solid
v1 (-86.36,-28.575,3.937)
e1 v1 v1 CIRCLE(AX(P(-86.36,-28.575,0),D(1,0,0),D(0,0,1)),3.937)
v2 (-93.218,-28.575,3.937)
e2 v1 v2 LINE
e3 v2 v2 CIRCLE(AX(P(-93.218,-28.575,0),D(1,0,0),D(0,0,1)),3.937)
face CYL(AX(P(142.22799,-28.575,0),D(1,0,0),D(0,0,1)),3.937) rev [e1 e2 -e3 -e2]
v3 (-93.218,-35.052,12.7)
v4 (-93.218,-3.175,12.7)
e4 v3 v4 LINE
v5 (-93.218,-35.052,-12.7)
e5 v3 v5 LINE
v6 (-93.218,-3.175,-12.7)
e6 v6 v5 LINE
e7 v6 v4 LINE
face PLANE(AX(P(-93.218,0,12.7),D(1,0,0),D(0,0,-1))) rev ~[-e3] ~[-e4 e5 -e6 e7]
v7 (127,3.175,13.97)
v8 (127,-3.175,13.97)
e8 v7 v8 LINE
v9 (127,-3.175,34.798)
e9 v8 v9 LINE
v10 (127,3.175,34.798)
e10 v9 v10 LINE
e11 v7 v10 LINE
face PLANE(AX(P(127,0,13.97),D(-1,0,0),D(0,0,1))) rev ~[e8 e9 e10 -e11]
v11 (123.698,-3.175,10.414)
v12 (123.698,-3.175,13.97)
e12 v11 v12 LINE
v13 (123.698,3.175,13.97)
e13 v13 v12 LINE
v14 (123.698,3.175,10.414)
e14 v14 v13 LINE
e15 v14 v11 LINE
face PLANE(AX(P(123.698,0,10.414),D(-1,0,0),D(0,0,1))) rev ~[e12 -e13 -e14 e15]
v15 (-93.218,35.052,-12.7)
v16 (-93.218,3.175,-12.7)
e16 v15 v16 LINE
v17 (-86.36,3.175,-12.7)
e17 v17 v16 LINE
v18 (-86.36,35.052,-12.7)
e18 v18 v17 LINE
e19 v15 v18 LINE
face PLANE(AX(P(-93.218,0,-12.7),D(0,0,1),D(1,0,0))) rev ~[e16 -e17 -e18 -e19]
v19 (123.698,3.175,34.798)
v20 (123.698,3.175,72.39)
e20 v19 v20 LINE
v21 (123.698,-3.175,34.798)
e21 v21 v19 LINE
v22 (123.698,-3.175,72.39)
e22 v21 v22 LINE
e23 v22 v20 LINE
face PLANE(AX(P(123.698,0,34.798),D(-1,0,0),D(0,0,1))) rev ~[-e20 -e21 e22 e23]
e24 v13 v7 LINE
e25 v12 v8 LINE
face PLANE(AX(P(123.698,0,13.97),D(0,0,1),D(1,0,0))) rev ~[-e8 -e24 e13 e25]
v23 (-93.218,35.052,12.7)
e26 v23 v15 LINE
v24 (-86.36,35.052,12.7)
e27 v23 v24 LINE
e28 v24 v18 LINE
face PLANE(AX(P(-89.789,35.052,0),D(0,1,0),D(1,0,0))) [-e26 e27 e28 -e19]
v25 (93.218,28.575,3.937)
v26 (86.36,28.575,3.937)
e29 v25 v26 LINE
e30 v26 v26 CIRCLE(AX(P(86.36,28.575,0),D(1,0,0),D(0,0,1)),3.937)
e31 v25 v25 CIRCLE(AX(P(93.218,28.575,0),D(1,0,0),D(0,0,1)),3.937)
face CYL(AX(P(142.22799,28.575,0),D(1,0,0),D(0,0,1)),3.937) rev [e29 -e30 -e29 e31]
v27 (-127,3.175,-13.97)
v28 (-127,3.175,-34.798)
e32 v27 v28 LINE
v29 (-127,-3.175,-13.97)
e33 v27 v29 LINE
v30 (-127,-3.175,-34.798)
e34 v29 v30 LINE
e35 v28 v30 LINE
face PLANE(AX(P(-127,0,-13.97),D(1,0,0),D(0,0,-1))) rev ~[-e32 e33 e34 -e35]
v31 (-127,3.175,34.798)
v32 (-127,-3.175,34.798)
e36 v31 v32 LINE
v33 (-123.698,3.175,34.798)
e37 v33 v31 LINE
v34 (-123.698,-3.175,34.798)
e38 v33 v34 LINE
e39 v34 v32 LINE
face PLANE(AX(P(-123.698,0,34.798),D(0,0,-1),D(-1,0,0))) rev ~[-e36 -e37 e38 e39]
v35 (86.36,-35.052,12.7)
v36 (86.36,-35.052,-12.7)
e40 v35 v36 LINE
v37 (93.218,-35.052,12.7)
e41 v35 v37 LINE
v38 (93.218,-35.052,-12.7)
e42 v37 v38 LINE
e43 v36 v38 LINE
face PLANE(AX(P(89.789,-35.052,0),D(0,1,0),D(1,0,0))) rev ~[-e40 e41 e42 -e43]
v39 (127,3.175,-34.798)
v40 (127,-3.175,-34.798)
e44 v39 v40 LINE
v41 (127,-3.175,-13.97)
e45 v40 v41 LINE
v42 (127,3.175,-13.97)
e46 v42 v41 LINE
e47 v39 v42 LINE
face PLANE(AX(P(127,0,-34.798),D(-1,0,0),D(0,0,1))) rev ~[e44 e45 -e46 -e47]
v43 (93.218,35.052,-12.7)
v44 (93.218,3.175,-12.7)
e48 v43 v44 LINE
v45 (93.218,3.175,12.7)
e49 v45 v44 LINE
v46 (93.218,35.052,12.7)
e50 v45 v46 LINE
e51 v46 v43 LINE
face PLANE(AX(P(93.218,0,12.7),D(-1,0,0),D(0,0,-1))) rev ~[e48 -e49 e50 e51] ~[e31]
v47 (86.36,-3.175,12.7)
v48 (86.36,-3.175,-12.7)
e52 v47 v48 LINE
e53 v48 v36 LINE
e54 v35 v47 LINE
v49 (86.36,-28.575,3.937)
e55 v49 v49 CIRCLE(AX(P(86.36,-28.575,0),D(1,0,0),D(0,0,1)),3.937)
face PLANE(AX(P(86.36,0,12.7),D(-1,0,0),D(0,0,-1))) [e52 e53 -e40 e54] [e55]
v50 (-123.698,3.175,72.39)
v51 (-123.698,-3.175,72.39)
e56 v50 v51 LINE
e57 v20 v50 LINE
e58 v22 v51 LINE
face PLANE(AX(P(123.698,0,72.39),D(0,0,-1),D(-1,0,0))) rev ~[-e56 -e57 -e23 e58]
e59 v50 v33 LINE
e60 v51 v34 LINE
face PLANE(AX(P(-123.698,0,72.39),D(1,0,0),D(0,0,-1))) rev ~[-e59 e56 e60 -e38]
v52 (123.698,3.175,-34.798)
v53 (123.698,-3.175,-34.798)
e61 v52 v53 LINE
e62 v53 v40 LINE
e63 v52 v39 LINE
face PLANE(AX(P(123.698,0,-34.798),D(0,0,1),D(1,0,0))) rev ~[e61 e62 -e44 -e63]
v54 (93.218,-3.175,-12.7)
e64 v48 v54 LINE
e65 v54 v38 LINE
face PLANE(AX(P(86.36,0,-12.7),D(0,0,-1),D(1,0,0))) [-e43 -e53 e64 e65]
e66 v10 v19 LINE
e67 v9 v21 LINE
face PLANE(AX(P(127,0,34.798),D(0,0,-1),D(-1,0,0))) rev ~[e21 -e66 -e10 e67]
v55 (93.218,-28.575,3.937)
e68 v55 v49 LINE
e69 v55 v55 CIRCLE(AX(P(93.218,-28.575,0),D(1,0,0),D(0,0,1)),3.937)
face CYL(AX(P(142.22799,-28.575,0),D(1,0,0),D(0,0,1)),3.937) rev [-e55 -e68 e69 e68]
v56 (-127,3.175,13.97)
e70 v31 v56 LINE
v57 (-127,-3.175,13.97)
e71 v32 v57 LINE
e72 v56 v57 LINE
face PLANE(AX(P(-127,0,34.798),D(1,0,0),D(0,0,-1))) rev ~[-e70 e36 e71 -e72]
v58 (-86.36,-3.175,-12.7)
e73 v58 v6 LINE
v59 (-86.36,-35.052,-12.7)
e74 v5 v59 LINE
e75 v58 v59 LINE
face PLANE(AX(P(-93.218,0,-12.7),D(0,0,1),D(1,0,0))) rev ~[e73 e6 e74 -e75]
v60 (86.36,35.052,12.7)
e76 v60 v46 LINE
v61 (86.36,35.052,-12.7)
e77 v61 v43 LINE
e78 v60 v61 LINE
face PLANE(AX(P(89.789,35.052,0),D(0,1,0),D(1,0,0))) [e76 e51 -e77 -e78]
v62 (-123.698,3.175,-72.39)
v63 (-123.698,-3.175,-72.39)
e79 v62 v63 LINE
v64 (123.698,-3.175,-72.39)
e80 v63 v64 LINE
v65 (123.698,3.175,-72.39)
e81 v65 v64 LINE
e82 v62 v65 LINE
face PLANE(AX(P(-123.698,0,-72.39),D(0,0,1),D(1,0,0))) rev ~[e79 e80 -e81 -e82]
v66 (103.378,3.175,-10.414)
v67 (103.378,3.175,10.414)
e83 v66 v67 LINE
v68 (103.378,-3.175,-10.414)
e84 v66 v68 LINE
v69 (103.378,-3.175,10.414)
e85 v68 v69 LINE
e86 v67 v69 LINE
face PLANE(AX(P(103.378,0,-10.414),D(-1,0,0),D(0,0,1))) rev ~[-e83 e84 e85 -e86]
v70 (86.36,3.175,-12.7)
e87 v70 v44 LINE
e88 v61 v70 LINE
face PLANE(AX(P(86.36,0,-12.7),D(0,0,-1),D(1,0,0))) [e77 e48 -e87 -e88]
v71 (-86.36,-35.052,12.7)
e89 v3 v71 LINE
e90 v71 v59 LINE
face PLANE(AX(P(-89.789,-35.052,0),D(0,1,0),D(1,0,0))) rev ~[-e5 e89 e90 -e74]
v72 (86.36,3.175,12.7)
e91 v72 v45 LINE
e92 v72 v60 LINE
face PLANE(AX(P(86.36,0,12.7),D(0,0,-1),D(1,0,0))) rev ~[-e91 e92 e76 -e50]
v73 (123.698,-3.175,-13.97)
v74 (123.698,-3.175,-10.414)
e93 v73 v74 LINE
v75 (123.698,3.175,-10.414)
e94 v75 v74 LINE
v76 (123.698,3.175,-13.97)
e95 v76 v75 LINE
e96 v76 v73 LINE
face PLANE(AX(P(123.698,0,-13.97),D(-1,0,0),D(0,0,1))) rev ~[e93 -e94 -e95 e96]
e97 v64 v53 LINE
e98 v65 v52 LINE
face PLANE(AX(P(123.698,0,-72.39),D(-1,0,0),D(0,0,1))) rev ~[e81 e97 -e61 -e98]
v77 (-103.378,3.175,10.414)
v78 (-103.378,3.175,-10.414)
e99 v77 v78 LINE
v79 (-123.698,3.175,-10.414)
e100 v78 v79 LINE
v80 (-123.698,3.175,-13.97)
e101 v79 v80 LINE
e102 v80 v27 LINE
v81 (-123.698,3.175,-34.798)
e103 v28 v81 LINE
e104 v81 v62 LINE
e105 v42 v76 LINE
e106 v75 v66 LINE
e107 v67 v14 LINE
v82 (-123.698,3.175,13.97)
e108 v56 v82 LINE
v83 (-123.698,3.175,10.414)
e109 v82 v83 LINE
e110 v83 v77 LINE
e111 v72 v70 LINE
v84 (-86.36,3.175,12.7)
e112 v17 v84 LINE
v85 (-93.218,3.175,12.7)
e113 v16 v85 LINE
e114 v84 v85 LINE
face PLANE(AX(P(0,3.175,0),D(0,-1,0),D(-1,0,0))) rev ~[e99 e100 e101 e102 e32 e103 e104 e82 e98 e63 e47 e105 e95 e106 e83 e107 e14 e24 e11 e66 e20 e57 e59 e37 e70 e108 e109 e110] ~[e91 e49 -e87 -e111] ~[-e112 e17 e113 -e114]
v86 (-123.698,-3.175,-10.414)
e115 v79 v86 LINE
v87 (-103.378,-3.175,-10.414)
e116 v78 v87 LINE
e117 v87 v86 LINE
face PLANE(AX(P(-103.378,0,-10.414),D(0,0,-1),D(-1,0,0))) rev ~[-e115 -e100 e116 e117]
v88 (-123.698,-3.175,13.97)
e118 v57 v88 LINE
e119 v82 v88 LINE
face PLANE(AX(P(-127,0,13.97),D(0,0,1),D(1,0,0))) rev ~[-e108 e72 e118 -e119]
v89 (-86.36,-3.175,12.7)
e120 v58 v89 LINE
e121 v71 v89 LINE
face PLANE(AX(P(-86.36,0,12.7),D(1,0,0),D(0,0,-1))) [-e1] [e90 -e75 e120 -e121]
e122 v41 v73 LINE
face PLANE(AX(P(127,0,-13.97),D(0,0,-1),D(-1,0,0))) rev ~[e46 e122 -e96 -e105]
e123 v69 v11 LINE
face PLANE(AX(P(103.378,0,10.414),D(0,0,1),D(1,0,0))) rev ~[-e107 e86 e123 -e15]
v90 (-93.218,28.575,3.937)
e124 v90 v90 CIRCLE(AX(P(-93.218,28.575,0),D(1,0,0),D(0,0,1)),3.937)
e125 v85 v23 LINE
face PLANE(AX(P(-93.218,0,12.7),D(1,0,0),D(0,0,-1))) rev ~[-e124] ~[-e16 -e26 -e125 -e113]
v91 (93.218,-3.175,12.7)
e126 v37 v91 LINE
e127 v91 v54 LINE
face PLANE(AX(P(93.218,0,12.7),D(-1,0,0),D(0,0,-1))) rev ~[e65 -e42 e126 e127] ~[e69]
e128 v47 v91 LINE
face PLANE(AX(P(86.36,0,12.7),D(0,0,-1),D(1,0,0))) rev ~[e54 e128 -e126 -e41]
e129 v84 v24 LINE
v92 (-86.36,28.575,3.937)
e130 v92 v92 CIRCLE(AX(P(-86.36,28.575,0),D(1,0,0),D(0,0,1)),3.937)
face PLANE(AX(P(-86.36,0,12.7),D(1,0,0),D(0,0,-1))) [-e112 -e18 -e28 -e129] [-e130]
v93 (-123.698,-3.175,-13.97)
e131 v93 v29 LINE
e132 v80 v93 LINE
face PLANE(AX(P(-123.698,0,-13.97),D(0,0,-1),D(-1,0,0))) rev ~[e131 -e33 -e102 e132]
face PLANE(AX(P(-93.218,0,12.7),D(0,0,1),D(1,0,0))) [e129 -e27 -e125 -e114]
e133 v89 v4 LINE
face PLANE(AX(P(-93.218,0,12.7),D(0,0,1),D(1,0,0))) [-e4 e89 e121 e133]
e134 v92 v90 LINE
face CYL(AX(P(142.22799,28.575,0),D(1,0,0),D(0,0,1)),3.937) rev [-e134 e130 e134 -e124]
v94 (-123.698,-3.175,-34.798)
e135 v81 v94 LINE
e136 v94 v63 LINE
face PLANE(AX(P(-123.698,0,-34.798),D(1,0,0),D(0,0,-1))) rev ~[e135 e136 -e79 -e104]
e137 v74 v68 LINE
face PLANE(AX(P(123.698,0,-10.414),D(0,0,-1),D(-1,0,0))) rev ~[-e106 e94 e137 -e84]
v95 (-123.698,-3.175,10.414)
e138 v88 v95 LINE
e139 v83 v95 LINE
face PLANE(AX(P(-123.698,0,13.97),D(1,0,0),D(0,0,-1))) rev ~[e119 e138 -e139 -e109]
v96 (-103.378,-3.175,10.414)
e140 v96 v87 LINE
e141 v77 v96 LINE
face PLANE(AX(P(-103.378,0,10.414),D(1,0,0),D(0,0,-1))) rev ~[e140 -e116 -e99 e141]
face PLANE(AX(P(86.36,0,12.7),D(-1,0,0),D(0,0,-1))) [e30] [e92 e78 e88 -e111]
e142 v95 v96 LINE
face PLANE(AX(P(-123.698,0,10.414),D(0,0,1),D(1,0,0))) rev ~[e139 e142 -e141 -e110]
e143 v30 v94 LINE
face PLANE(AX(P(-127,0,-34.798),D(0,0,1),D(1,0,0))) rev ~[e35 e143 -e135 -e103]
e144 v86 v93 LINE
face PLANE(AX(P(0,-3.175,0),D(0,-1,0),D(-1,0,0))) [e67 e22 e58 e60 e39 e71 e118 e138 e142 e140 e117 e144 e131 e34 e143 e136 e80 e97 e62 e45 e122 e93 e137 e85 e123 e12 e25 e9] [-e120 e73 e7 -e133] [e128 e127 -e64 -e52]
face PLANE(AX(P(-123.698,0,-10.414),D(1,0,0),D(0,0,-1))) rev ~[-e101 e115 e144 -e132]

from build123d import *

# Parameters (mm, degrees)
BOSS_EXTRUDE1_DEPTH     = 3.175
SKETCH2_W               = 6.858
SKETCH2_H               = 25.4
BOSS_EXTRUDE2_DEPTH     = 35.052
CUT_EXTRUDE1_DEPTH      = 235.445990215
CUT_EXTRUDE1_DEPTH_BACK = 235.445990215
SKETCH3_R               = 3.937


with BuildPart() as part:
    # Sketch1 → Boss-Extrude1 (new, symmetric)
    with BuildSketch(Plane(origin=(0, 0, 0), x_dir=(1, 0, 0), z_dir=(0, 1, 0))):
        Polygon((123.698, -72.39), (-123.698, -72.39), (-123.698, -34.798), (-127, -34.798), (-127, -13.97), (-123.698, -13.97), (-123.698, -10.414), (-103.378, -10.414), (-103.378, 10.414), (-123.698, 10.414), (-123.698, 13.97), (-127, 13.97), (-127, 34.798), (-123.698, 34.798), (-123.698, 72.39), (123.698, 72.39), (123.698, 34.798), (127, 34.798), (127, 13.97), (123.698, 13.97), (123.698, 10.414), (103.378, 10.414), (103.378, -10.414), (123.698, -10.414), (123.698, -13.97), (127, -13.97), (127, -34.798), (123.698, -34.798), align=None)
    extrude(amount=BOSS_EXTRUDE1_DEPTH, both=True)

    # Sketch2 → Boss-Extrude2 (add, symmetric)
    with BuildSketch(Plane(origin=(0, 0, 0), x_dir=(1, 0, 0), z_dir=(0, 1, 0))):
        with Locations((89.789, 0)):
            Rectangle(SKETCH2_W, SKETCH2_H)
        with Locations((-89.789, 0)):
            Rectangle(SKETCH2_W, SKETCH2_H)
    extrude(amount=BOSS_EXTRUDE2_DEPTH, both=True)

    # Sketch3 → Cut-Extrude1 (cut, two sides: drawn at the far end of the back side and taken through both)
    with BuildSketch(Plane.ZY.offset(93.218).offset(-CUT_EXTRUDE1_DEPTH_BACK)):
        with Locations((0, 28.575)):
            Circle(SKETCH3_R)
        with Locations((0, -28.575)):
            Circle(SKETCH3_R)
    extrude(amount=CUT_EXTRUDE1_DEPTH + CUT_EXTRUDE1_DEPTH_BACK, mode=Mode.SUBTRACT)


solid = part.part
